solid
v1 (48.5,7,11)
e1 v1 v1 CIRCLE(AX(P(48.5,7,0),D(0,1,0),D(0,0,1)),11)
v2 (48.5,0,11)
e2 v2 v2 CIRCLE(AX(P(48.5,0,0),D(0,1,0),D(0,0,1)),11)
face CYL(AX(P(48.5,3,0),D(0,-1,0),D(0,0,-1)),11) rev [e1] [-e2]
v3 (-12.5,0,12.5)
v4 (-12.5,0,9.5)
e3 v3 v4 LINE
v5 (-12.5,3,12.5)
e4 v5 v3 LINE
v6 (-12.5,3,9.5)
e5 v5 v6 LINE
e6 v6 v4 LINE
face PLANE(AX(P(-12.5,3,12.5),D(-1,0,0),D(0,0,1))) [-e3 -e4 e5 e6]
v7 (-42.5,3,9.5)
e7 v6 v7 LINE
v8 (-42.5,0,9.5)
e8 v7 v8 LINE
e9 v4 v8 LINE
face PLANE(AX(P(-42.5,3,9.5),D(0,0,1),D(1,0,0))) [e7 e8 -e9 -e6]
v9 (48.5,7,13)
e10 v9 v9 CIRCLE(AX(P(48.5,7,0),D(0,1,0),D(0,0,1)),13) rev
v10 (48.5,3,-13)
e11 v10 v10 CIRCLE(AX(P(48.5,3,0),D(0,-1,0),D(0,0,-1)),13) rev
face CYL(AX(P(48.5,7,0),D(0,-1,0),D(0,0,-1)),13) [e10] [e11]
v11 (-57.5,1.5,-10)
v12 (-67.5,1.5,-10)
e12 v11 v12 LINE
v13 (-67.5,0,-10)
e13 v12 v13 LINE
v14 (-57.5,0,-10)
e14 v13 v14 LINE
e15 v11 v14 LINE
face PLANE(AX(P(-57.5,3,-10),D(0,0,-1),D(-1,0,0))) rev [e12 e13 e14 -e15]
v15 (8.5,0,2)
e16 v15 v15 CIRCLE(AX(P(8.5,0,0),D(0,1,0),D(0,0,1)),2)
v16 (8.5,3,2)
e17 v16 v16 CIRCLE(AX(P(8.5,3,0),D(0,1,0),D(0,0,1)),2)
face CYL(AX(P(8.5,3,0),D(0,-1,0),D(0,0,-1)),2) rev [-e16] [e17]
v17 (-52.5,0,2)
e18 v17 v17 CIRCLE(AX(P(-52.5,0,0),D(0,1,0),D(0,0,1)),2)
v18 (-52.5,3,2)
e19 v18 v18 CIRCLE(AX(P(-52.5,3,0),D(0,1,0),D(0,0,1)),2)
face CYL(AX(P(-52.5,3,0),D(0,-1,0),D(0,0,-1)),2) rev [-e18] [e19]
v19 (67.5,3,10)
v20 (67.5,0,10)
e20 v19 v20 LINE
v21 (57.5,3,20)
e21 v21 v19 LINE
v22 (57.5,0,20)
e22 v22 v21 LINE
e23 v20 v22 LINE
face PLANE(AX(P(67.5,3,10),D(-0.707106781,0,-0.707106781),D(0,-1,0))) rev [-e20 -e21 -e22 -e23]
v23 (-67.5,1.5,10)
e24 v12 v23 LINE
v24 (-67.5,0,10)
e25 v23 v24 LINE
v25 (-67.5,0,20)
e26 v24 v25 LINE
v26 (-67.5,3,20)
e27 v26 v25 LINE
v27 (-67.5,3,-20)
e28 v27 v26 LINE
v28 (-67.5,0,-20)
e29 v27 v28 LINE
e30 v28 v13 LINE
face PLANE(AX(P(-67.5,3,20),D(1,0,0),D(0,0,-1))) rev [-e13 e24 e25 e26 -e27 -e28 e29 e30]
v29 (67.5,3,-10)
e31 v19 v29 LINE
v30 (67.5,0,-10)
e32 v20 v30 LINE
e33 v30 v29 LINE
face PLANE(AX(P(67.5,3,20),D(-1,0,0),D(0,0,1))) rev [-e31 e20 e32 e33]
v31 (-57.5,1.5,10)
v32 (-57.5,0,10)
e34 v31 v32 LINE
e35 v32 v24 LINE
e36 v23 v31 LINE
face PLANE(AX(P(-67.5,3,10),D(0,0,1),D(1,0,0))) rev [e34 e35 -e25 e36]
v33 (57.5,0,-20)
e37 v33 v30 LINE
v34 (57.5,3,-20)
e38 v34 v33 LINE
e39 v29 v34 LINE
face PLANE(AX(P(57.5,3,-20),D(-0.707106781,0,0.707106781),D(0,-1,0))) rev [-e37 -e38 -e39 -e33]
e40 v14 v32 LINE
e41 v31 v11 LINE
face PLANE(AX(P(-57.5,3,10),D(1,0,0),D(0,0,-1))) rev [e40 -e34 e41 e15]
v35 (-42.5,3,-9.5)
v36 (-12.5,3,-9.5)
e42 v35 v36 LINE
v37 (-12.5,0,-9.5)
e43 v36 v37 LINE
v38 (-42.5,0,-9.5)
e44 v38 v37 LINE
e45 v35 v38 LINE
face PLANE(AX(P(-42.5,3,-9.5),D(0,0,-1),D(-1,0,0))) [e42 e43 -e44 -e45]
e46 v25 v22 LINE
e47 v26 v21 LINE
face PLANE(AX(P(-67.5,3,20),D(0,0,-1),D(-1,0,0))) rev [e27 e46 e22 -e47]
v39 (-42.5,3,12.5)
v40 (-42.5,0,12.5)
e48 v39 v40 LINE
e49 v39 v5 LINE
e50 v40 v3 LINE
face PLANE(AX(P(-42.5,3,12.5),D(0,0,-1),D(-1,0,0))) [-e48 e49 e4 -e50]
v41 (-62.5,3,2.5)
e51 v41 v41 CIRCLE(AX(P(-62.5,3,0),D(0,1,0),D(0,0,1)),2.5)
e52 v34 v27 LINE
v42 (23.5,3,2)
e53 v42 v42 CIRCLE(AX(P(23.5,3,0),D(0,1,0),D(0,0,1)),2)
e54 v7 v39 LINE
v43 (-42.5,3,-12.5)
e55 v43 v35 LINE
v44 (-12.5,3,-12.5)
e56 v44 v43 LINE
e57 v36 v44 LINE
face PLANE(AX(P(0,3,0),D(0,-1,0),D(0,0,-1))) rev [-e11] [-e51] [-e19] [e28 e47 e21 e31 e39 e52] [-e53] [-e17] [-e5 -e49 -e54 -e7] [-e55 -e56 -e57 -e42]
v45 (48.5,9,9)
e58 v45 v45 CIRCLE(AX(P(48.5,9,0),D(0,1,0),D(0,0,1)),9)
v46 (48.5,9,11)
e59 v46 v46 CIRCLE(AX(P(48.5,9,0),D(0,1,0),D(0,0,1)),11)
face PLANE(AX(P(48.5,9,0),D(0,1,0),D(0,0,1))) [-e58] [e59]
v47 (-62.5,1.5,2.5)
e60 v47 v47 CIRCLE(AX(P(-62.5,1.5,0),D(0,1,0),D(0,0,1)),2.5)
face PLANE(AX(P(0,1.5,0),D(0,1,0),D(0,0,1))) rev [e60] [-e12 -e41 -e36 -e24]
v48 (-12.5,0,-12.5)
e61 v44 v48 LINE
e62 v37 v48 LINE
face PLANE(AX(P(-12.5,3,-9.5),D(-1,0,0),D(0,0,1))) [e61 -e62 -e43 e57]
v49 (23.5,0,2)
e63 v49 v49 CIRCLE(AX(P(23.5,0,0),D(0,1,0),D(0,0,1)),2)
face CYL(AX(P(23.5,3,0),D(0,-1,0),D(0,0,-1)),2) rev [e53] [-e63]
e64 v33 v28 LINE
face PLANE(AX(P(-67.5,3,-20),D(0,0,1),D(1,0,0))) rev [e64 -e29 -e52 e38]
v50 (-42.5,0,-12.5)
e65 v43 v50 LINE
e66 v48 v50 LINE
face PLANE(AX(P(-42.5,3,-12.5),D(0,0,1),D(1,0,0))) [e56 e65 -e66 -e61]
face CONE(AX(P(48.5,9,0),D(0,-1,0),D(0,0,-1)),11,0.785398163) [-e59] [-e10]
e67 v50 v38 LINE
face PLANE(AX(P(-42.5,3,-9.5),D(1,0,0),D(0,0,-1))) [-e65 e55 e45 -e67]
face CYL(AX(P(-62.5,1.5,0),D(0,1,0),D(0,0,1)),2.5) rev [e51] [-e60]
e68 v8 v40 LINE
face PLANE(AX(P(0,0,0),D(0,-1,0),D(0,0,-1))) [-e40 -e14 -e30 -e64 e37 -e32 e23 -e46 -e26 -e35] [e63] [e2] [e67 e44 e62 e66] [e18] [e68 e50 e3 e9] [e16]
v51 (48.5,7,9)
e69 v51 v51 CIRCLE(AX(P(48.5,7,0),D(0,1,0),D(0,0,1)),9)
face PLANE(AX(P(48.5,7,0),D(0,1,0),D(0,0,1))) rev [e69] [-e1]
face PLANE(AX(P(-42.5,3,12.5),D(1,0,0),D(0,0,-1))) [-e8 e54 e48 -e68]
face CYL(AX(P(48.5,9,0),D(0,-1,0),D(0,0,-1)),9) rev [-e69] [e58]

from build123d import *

# Parameters (mm, degrees)
CROQUIS1_R              = 11
CROQUIS1_R_2            = 2
CROQUIS1_W              = 30
CROQUIS1_H              = 3
SALIENTE_EXTRUIR1_DEPTH = 3
CROQUIS2_R              = 13
CROQUIS2_R_2            = 11
SALIENTE_EXTRUIR2_DEPTH = 4
CROQUIS3_R              = 13
CROQUIS3_R_2            = 9
SALIENTE_EXTRUIR3_DEPTH = 2
CHAFL_N1_SIZE           = 2
CHAFL_N2_SIZE           = 10
CROQUIS4_W              = 10
CROQUIS4_H              = 20
CROQUIS4_R              = 2.5
SALIENTE_EXTRUIR4_DEPTH = 1.5


with BuildPart() as part:
    # Croquis1 → Saliente-Extruir1 (new body)
    with BuildSketch(Plane(origin=(0, 0, 0), x_dir=(1, 0, 0), z_dir=(0, 1, 0))):
        Polygon((-67.5, -20), (67.5, -20), (67.5, 20), (-67.5, 20), (-67.5, 10), (-57.5, 10), (-57.5, -10), (-67.5, -10), align=None)
        with Locations(Location((48.5, 0, 0), (0, 0, 270))):
            Circle(CROQUIS1_R, mode=Mode.SUBTRACT)
        with Locations(Location((-52.5, 0, 0), (0, 0, 270))):
            Circle(CROQUIS1_R_2, mode=Mode.SUBTRACT)
        with Locations(Location((23.5, 0, 0), (0, 0, 270))):
            Circle(CROQUIS1_R_2, mode=Mode.SUBTRACT)
        with Locations(Location((8.5, 0, 0), (0, 0, 270))):
            Circle(CROQUIS1_R_2, mode=Mode.SUBTRACT)
        with Locations((-27.5, 11)):
            Rectangle(CROQUIS1_W, CROQUIS1_H, mode=Mode.SUBTRACT)
        with Locations((-27.5, -11)):
            Rectangle(CROQUIS1_W, CROQUIS1_H, mode=Mode.SUBTRACT)
    extrude(amount=SALIENTE_EXTRUIR1_DEPTH)

    # Croquis2 → Saliente-Extruir2 (add)
    with BuildSketch(Plane(origin=(0, 3, 0), x_dir=(1, 0, 0), z_dir=(0, 1, 0))):
        with Locations(Location((48.5, 0, 0), (0, 0, 90))):
            Circle(CROQUIS2_R)
        with Locations(Location((48.5, 0, 0), (0, 0, 270))):
            Circle(CROQUIS2_R_2, mode=Mode.SUBTRACT)
    extrude(amount=SALIENTE_EXTRUIR2_DEPTH)

    # Croquis3 → Saliente-Extruir3 (add)
    with BuildSketch(Plane(origin=(0, 7, 0), x_dir=(1, 0, 0), z_dir=(0, 1, 0))):
        with Locations(Location((48.5, 0, 0), (0, 0, 90))):
            Circle(CROQUIS3_R)
        with Locations(Location((48.5, 0, 0), (0, 0, 270))):
            Circle(CROQUIS3_R_2, mode=Mode.SUBTRACT)
    extrude(amount=SALIENTE_EXTRUIR3_DEPTH)

    # Chaflán1
    chafl_n1_edges = [part.edges().sort_by_distance(p)[0] for p in [
        (48.5, 9, 13),
    ]]
    chamfer(chafl_n1_edges, length=CHAFL_N1_SIZE)

    # Chaflán2
    chafl_n2_edges = [part.edges().sort_by_distance(p)[0] for p in [
        (67.5, 1.5, 20),
        (67.5, 1.5, -20),
    ]]
    chamfer(chafl_n2_edges, length=CHAFL_N2_SIZE)

    # Croquis4 → Saliente-Extruir4 (add)
    with BuildSketch(Plane(origin=(0, 3, 0), x_dir=(1, 0, 0), z_dir=(0, 1, 0))):
        with Locations((-62.5, 0)):
            Rectangle(CROQUIS4_W, CROQUIS4_H)
        with Locations(Location((-62.5, 0, 0), (0, 0, 270))):
            Circle(CROQUIS4_R, mode=Mode.SUBTRACT)
    extrude(amount=-SALIENTE_EXTRUIR4_DEPTH)


solid = part.part
